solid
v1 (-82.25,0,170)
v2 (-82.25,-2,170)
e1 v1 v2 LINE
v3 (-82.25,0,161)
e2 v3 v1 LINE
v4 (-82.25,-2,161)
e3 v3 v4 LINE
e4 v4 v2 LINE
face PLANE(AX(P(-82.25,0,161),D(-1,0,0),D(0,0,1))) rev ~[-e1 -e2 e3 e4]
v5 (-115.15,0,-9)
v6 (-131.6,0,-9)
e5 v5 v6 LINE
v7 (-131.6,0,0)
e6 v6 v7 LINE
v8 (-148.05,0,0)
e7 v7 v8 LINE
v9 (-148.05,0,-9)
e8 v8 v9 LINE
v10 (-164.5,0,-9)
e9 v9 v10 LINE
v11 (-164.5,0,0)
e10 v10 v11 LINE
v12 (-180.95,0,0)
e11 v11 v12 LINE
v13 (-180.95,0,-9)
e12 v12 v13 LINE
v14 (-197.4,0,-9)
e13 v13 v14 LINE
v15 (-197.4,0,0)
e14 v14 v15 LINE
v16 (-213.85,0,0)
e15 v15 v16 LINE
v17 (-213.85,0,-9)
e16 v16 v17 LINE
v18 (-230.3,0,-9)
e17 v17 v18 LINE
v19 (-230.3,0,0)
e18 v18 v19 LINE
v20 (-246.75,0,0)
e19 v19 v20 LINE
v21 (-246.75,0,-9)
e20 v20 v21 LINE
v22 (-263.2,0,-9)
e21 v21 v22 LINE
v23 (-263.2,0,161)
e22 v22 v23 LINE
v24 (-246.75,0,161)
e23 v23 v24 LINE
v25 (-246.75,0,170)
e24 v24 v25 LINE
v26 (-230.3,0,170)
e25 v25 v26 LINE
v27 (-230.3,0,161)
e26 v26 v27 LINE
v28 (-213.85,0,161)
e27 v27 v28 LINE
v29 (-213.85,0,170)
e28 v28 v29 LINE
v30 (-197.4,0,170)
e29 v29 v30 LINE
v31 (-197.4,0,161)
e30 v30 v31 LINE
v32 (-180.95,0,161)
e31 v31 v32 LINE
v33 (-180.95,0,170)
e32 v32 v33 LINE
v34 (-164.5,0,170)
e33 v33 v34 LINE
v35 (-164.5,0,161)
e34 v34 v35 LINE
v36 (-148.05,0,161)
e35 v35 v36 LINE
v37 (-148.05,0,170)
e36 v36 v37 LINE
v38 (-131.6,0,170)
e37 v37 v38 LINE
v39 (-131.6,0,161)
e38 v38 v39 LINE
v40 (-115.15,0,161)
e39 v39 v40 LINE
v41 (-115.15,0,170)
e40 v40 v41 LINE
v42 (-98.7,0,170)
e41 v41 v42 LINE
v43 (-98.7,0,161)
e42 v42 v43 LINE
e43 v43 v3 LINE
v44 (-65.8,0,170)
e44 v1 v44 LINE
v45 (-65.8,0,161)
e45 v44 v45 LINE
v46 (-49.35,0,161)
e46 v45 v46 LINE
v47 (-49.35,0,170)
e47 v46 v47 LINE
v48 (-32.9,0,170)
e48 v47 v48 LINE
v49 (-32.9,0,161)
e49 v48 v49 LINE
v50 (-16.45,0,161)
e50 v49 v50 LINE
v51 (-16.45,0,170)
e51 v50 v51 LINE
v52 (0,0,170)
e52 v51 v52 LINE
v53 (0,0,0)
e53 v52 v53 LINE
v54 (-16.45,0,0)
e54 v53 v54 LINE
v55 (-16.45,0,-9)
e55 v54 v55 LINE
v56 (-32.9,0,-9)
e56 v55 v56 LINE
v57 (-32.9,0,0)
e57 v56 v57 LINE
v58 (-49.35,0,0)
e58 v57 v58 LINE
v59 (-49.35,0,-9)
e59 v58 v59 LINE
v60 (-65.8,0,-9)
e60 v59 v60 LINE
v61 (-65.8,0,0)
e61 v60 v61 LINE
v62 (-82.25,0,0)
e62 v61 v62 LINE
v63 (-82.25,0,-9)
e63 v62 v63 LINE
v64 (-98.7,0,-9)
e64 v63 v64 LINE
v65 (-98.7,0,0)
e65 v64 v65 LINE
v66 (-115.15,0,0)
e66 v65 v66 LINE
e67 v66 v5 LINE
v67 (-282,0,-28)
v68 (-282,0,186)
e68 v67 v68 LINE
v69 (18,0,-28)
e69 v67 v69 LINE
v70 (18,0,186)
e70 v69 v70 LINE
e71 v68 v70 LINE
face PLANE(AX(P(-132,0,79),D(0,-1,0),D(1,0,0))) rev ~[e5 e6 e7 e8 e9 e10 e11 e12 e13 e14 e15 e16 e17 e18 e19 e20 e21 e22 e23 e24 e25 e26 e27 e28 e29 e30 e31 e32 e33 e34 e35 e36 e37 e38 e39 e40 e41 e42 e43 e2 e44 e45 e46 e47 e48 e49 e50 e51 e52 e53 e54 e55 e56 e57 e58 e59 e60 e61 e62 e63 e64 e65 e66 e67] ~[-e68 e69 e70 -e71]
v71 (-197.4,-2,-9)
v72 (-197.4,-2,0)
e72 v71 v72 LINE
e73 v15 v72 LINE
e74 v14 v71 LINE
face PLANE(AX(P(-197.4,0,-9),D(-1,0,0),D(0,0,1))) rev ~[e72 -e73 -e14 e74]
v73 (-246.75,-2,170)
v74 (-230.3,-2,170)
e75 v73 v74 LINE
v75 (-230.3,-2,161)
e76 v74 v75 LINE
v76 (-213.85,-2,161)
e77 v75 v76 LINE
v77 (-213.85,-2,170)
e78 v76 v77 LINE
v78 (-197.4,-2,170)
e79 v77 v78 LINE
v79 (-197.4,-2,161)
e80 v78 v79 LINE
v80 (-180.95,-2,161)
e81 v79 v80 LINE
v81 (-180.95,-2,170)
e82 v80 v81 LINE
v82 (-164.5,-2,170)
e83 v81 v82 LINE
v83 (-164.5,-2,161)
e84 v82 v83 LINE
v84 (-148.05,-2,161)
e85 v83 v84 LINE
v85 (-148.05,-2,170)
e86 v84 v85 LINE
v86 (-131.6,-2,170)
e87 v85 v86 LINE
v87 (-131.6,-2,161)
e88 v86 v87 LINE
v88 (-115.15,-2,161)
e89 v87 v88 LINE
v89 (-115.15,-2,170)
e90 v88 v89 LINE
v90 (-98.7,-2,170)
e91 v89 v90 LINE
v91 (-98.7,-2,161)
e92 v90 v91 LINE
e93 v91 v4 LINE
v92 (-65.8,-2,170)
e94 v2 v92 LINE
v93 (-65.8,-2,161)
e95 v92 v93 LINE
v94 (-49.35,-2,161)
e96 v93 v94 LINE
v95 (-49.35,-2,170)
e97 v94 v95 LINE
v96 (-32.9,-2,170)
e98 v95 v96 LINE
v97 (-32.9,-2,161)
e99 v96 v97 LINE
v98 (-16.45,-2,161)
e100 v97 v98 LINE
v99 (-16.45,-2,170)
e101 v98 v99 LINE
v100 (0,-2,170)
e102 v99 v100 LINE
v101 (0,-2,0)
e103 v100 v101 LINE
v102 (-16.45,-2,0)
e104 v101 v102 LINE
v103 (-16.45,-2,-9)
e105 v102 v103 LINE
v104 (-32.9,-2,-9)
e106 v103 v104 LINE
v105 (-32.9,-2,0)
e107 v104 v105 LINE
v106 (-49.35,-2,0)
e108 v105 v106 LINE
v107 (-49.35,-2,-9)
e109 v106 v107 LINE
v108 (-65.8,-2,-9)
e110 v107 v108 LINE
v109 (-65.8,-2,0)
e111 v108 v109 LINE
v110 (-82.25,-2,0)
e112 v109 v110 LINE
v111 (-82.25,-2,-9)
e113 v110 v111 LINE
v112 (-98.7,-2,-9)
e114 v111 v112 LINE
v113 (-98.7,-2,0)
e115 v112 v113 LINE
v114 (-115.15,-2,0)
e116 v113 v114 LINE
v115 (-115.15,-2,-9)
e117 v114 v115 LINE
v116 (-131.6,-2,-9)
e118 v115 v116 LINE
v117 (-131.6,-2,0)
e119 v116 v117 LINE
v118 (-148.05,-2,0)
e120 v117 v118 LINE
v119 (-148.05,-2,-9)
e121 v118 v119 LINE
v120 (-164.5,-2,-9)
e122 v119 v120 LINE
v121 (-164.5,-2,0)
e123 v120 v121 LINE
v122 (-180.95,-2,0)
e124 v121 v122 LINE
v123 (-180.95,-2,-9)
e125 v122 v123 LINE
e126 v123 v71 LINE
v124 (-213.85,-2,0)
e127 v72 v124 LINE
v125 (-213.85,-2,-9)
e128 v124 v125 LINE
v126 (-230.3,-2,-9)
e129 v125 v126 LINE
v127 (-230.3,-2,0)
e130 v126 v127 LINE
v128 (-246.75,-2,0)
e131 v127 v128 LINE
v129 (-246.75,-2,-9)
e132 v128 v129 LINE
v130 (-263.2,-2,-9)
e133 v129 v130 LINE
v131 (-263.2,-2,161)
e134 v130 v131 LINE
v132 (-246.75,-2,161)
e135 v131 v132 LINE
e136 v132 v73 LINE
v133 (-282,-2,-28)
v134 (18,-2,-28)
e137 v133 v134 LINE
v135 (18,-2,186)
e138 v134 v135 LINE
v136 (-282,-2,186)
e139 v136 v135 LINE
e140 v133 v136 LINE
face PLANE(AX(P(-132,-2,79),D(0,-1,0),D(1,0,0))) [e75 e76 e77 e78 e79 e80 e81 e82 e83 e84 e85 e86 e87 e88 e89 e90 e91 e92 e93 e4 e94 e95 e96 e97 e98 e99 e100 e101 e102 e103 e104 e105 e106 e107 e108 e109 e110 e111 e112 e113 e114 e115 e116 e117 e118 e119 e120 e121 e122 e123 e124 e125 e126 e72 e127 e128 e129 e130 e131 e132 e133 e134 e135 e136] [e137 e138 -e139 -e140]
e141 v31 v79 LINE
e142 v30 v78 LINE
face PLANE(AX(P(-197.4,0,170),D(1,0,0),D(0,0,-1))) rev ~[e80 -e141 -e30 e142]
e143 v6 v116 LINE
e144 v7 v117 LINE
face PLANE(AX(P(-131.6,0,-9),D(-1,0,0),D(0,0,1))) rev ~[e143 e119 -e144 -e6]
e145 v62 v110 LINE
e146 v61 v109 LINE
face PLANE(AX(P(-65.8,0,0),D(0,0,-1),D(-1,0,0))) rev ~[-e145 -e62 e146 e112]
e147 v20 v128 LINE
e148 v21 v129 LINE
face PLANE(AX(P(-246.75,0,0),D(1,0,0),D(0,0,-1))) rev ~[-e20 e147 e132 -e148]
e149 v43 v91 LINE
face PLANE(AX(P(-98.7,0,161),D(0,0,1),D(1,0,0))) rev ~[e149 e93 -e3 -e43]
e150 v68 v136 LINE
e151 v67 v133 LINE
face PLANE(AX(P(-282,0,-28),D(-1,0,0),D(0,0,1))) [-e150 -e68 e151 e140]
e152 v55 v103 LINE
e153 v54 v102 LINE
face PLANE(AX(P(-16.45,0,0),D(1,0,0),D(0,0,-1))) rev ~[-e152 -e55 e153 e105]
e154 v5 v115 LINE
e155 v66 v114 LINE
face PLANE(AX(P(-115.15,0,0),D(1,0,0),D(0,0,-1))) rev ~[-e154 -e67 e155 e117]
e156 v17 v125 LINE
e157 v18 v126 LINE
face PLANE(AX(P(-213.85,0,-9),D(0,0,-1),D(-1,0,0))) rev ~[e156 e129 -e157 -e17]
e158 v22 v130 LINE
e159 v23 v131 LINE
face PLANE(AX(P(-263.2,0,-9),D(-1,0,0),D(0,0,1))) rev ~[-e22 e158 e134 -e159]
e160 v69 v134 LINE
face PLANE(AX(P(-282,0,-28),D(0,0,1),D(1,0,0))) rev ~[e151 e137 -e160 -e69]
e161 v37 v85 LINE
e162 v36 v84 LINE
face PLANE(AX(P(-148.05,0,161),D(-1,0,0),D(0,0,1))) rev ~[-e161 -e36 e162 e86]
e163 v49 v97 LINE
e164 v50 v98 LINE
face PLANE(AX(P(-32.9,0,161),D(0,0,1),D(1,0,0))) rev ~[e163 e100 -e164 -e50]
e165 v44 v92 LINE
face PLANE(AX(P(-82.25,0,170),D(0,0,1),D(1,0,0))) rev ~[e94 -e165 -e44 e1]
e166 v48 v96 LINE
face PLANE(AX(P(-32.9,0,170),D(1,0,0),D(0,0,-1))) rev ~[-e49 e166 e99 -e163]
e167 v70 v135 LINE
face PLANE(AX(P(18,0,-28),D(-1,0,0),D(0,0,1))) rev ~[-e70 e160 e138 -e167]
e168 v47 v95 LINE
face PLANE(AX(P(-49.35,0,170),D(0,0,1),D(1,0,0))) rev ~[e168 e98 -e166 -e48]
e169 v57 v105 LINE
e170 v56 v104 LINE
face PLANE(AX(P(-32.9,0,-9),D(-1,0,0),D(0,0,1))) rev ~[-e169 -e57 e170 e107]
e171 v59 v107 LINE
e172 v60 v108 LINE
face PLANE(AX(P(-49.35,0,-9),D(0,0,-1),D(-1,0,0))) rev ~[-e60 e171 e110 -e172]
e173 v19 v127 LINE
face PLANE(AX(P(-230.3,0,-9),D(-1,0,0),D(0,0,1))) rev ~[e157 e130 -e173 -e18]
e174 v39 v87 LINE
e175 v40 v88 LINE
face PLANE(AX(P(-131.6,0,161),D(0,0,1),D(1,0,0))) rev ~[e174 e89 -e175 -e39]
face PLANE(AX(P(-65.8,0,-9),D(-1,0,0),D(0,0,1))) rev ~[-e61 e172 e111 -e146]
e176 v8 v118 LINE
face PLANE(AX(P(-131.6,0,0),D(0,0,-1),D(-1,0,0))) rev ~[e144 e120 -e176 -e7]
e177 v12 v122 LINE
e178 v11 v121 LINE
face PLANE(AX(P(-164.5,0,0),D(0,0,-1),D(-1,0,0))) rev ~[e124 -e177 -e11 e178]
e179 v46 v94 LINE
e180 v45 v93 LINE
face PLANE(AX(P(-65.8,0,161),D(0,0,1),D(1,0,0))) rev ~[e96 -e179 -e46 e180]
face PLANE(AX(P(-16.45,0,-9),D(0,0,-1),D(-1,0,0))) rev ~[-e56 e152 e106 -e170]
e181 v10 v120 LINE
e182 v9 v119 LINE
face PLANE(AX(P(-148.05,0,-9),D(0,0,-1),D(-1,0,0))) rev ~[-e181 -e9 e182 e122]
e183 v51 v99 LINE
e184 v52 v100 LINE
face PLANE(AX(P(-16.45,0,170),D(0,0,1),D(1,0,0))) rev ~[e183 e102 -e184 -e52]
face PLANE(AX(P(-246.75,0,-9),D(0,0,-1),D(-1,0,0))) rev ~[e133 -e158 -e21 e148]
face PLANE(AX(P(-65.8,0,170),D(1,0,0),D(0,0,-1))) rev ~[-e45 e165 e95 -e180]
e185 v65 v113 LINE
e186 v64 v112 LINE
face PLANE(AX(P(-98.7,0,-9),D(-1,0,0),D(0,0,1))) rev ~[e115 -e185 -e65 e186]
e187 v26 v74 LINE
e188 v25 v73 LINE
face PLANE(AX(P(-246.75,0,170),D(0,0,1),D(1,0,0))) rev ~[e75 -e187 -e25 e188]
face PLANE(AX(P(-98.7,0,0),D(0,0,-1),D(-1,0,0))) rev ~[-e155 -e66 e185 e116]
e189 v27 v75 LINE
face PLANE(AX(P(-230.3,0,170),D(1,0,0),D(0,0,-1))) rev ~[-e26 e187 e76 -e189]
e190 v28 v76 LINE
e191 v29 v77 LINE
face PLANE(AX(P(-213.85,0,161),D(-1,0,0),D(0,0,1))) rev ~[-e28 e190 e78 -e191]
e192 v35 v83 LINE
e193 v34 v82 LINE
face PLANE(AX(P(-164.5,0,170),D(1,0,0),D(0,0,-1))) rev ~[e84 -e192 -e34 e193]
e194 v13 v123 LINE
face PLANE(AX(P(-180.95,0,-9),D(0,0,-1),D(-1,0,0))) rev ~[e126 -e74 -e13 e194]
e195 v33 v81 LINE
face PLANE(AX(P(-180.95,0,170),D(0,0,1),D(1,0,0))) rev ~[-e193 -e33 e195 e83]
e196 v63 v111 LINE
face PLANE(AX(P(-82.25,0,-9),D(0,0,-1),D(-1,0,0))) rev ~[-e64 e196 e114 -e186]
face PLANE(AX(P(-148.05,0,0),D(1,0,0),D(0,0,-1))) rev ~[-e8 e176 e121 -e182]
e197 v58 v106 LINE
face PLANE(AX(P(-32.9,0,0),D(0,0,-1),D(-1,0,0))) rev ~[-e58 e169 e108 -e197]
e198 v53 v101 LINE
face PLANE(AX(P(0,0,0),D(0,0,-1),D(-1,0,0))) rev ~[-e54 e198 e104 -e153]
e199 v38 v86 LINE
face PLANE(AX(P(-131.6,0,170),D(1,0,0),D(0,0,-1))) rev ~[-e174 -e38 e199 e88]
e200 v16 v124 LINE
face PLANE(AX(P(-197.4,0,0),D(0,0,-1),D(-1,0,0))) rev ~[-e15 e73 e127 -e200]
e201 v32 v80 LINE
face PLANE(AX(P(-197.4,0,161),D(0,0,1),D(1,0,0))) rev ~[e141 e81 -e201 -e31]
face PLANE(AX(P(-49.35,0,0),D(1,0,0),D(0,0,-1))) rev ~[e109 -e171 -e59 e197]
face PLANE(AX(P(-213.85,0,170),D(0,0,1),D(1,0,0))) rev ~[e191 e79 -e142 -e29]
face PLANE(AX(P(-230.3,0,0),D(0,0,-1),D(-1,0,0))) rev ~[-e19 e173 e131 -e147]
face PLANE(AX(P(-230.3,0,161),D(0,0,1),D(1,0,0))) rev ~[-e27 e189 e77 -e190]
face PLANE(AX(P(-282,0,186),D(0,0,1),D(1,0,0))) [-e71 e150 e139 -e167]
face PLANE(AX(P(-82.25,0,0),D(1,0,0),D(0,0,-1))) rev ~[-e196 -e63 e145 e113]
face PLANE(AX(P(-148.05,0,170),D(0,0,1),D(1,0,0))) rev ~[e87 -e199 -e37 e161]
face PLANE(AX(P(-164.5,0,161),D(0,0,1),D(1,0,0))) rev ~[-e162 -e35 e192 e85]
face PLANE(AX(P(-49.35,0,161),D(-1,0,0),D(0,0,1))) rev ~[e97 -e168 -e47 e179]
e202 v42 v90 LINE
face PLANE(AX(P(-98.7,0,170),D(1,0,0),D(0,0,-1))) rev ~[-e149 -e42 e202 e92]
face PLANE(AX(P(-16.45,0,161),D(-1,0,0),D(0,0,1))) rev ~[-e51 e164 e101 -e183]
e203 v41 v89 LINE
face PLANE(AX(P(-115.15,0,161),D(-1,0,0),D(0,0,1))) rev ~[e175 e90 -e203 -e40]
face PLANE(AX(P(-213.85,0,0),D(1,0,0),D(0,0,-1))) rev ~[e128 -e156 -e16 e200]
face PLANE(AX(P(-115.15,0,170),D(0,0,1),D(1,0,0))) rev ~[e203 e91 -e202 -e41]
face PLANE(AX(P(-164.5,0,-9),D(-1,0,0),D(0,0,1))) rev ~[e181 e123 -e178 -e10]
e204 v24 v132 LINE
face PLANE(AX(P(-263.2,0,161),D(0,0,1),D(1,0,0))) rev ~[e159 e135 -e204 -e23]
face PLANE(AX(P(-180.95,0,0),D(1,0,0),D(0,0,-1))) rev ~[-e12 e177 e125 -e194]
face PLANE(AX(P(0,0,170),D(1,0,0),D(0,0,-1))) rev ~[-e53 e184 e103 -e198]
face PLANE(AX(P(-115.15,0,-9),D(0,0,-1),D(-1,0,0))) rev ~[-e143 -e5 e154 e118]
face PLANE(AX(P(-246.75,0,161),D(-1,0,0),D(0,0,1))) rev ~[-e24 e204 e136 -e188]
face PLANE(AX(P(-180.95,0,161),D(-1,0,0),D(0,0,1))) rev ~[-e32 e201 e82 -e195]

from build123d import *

# Parameters (mm, degrees)
F0_W     = 300
F0_H     = 214
F1_DEPTH = 2


with BuildPart() as f1:
    # F0 (on Front) → F1 (new body)
    with BuildSketch(Plane.XZ):
        with Locations((-132, 79)):
            Rectangle(F0_W, F0_H)
        Polygon((0, 170), (0, 0), (-16.45, 0), (-16.45, -9), (-32.9, -9), (-32.9, 0), (-49.35, 0), (-49.35, -9), (-65.8, -9), (-65.8, 0), (-82.25, 0), (-82.25, -9), (-98.7, -9), (-98.7, 0), (-115.15, 0), (-115.15, -9), (-131.6, -9), (-131.6, 0), (-148.05, 0), (-148.05, -9), (-164.5, -9), (-164.5, 0), (-180.95, 0), (-180.95, -9), (-197.4, -9), (-197.4, 0), (-213.85, 0), (-213.85, -9), (-230.3, -9), (-230.3, 0), (-246.75, 0), (-246.75, -9), (-263.2, -9), (-263.2, 0), (-263.2, 161), (-246.75, 161), (-246.75, 170), (-230.3, 170), (-230.3, 161), (-213.85, 161), (-213.85, 170), (-197.4, 170), (-197.4, 161), (-180.95, 161), (-180.95, 170), (-164.5, 170), (-164.5, 161), (-148.05, 161), (-148.05, 170), (-131.6, 170), (-131.6, 161), (-115.15, 161), (-115.15, 170), (-98.7, 170), (-98.7, 161), (-82.25, 161), (-82.25, 170), (-65.8, 170), (-65.8, 161), (-49.35, 161), (-49.35, 170), (-32.9, 170), (-32.9, 161), (-16.45, 161), (-16.45, 170), align=None, mode=Mode.SUBTRACT)
    extrude(amount=F1_DEPTH)


solid = f1.part
